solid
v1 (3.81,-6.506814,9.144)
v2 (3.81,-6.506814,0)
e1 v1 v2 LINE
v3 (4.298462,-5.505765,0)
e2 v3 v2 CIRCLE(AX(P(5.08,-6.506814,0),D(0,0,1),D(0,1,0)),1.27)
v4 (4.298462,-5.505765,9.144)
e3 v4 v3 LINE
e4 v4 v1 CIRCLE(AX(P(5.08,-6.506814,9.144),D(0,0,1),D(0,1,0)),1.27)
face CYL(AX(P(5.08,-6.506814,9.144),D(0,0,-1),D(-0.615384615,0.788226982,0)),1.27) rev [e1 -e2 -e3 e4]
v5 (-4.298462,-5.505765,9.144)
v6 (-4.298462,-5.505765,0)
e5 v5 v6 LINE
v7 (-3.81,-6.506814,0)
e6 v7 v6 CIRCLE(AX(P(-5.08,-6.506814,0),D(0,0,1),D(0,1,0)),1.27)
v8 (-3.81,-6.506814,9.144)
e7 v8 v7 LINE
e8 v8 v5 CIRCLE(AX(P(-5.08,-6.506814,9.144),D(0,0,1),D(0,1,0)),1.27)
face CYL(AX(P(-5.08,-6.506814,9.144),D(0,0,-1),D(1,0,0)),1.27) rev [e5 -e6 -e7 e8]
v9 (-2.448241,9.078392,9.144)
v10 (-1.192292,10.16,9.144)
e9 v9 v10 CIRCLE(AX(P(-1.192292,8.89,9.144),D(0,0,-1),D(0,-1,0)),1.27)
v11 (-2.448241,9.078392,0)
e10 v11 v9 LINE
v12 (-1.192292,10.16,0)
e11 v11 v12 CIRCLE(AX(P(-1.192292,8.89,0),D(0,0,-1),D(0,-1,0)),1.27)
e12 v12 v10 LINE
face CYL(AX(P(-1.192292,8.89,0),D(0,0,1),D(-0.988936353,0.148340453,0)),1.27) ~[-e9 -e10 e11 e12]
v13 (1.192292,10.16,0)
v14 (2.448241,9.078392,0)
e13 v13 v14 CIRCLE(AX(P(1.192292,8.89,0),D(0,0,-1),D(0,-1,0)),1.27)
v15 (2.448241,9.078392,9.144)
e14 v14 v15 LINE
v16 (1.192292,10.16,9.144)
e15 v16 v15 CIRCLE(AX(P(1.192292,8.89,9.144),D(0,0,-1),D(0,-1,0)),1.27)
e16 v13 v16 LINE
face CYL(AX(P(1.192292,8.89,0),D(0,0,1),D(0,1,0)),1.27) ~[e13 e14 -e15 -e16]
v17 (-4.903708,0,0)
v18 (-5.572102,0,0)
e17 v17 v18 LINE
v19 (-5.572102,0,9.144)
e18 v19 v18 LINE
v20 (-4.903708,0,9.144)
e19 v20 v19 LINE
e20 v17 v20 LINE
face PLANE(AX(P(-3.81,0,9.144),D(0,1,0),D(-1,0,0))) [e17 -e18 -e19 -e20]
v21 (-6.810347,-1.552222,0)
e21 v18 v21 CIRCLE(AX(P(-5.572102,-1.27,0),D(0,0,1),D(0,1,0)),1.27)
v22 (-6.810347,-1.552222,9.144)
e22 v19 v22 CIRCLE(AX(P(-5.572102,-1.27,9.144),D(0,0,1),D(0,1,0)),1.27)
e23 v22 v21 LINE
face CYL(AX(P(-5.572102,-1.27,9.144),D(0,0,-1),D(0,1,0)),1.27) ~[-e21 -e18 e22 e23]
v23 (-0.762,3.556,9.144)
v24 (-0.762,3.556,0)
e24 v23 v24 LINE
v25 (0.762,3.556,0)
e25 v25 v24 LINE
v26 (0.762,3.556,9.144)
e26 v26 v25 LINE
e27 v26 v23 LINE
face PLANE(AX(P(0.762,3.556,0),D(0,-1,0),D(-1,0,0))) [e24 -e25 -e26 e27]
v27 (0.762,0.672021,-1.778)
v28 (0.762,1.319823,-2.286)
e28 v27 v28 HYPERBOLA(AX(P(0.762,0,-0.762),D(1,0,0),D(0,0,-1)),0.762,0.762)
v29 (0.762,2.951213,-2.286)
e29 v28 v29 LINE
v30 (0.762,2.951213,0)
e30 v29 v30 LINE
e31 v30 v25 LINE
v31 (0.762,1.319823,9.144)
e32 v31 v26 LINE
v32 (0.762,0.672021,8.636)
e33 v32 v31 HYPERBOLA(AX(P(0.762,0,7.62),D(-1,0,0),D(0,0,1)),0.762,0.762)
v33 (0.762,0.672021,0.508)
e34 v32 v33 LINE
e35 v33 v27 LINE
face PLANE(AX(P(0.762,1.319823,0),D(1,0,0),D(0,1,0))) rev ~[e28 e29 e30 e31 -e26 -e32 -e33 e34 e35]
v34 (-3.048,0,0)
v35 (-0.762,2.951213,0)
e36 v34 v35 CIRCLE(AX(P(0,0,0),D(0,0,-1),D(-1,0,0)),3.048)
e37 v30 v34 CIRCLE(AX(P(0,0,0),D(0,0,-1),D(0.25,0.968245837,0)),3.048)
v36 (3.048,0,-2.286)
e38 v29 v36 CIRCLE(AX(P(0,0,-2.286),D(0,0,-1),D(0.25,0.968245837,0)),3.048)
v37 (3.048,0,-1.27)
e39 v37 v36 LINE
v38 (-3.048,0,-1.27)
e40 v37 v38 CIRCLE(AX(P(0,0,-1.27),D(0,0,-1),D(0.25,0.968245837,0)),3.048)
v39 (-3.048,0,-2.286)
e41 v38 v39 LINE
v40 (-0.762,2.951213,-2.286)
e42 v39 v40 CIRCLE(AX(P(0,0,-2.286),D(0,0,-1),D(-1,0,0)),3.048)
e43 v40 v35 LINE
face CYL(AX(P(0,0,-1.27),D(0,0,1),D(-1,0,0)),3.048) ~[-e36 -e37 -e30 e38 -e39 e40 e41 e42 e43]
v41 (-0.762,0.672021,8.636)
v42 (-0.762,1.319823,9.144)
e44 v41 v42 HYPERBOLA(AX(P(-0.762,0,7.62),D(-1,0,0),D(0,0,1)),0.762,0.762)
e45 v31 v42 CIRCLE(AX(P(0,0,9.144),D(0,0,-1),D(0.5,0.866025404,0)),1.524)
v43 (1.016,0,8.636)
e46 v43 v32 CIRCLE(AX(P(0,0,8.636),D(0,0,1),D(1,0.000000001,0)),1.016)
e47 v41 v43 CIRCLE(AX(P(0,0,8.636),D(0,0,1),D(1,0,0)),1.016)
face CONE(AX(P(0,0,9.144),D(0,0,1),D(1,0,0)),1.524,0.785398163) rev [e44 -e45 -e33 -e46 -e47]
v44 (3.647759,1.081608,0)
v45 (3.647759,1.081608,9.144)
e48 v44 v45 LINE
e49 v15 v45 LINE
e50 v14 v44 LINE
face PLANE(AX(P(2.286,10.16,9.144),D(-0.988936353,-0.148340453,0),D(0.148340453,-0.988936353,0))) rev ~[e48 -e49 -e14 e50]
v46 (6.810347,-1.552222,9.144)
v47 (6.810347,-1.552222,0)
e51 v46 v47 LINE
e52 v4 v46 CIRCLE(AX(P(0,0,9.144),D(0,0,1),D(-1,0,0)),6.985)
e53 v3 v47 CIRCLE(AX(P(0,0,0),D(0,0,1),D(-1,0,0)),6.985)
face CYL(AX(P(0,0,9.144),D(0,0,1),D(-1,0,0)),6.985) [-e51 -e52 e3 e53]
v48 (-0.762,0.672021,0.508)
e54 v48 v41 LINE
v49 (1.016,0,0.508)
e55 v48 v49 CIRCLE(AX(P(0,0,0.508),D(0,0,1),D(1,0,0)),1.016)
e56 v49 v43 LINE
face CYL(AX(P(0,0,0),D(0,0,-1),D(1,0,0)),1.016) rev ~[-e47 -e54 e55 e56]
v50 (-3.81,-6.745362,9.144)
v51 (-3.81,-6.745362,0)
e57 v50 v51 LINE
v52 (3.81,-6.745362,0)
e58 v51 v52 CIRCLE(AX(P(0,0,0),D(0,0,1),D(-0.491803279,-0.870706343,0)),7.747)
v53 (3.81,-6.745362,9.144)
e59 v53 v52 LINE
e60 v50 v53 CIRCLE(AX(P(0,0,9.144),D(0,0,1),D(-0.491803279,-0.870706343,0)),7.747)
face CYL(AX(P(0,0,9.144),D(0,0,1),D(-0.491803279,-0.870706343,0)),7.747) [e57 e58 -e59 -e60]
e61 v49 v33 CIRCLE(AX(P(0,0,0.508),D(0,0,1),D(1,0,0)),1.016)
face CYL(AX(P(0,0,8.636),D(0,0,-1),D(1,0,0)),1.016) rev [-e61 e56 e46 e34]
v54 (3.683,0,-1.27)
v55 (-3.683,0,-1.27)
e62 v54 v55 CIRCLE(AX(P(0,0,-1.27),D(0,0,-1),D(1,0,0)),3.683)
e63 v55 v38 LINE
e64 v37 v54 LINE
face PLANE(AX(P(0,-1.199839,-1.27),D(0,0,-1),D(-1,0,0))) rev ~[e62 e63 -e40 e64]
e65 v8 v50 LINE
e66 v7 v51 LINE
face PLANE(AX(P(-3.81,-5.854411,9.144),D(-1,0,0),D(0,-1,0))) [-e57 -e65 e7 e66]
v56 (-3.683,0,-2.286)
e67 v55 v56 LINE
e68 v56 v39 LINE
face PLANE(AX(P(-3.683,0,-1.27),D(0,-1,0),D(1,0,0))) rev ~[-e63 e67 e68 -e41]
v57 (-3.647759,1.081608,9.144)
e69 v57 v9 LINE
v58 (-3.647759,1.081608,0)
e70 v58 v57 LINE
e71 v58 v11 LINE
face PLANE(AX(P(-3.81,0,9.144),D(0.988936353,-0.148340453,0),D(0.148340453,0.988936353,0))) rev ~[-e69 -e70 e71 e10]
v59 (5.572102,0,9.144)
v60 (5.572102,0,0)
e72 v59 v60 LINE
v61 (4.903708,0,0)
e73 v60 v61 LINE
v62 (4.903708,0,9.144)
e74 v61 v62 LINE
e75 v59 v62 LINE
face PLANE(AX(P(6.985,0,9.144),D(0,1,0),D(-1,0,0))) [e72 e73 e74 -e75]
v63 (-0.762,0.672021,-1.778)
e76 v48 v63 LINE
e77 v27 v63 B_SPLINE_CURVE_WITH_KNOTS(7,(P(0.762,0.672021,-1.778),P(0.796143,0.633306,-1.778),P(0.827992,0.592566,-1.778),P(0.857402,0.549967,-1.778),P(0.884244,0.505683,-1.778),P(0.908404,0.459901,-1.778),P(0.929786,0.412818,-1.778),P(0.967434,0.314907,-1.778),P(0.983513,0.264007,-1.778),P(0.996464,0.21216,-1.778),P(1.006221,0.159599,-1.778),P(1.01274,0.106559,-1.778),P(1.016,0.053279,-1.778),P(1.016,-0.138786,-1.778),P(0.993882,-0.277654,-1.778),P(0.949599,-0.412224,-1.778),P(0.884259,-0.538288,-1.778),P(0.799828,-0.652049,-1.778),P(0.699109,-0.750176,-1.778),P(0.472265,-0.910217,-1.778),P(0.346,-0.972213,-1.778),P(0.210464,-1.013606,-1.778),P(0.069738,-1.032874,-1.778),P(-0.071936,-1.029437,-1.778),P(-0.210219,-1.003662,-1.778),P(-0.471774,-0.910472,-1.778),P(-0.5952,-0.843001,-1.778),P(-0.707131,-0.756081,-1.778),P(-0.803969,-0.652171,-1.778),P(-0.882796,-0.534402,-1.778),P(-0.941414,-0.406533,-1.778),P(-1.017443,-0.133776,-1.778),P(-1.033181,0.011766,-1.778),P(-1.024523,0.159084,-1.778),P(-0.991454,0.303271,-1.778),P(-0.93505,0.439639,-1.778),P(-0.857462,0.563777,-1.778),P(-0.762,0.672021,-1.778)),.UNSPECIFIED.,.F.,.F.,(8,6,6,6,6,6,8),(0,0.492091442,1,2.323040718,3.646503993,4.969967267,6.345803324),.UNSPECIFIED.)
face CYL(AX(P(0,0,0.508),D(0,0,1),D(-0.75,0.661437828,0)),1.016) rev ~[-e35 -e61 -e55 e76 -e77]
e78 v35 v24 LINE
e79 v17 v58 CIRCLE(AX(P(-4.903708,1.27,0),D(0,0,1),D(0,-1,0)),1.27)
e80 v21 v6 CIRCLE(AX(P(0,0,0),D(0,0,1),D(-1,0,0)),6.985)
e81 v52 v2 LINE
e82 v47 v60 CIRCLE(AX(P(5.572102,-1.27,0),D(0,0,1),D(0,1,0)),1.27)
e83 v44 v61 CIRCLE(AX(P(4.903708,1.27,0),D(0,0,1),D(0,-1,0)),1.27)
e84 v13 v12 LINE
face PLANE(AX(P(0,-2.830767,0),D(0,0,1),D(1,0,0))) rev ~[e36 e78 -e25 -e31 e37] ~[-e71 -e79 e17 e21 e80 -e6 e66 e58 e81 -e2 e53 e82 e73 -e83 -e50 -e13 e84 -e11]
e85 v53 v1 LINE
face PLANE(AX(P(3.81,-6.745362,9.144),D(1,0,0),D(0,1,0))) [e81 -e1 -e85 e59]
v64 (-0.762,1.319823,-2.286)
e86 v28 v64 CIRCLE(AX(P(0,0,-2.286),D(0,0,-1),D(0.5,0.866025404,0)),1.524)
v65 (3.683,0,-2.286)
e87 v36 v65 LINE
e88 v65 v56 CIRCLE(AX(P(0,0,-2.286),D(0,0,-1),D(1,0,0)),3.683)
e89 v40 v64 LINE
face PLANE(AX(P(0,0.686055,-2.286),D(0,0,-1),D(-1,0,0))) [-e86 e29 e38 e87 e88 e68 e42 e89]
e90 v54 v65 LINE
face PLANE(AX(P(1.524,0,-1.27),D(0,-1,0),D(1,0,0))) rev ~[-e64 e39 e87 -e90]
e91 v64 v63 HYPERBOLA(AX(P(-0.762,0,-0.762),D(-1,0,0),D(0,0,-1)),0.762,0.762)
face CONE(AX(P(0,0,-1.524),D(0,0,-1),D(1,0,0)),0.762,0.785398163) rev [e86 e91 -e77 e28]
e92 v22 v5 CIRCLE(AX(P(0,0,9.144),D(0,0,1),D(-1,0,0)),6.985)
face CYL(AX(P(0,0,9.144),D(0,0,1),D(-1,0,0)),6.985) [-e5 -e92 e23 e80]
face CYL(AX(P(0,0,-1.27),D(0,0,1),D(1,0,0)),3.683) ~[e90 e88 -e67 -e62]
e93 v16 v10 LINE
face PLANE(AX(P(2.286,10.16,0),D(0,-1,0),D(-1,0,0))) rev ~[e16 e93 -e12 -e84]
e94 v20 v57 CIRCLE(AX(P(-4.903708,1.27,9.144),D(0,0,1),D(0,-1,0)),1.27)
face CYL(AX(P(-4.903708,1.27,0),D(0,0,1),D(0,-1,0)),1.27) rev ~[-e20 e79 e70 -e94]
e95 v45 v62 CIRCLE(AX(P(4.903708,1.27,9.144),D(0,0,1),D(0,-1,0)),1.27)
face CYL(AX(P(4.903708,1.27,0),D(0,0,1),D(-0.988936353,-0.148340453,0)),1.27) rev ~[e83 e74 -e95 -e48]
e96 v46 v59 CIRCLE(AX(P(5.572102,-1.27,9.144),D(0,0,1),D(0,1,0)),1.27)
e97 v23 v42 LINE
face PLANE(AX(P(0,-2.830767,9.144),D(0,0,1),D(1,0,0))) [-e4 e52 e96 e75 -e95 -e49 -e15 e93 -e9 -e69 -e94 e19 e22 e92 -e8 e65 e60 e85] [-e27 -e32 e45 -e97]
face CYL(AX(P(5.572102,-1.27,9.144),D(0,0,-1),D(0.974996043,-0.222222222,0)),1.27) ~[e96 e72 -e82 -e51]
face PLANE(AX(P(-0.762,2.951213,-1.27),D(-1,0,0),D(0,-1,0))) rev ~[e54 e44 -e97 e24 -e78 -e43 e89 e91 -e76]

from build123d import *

# Parameters (mm, degrees)
BOSS_EXTRUDE2_DEPTH  = 9.144
CUT_EXTRUDE1_DEPTH   = 0.508
SKETCH4_W            = 1.524
SKETCH4_H            = 3.556
CUT_EXTRUDE2_DEPTH   = 10.144
BOSS_EXTRUDE8_DEPTH  = 9.144
BOSS_EXTRUDE10_DEPTH = 9.144
FILLET2_R            = 1.27
CUT_EXTRUDE4_DEPTH   = 9.144
FILLET4_R            = 1.27
BOSS_EXTRUDE11_DEPTH = 1.27
BOSS_EXTRUDE12_DEPTH = 1.016
BOSS_EXTRUDE13_START = -0.508
BOSS_EXTRUDE13_DEPTH = 0.508
BOSS_EXTRUDE14_DEPTH = 1.27
BOSS_EXTRUDE15_DEPTH = 1.016


with BuildPart() as part:
    # Sketch2 → Boss-Extrude2 (new body)
    with BuildSketch(Plane.XY):
        with BuildLine():
            ThreePointArc((-3.81, 0), (0, -3.81), (3.81, 0))
            Line((3.81, 0), (3.81, 8.636))
            ThreePointArc((3.81, 8.636), (3.363630735, 9.713630735), (2.286, 10.16))
            Line((2.286, 10.16), (-2.286, 10.16))
            ThreePointArc((-2.286, 10.16), (-3.363630735, 9.713630735), (-3.81, 8.636))
            Line((-3.81, 8.636), (-3.81, 0))
        make_face()
        with BuildLine():
            Line((-0.762, 0), (1.016, 0))
            ThreePointArc((1.016, 0), (-0.359210245, -0.950380976), (-0.762, 0.672020833))
            Line((-0.762, 0.672020833), (-0.762, 0))
        make_face(mode=Mode.SUBTRACT)
    extrude(amount=BOSS_EXTRUDE2_DEPTH)

    # Sketch3 → Cut-Extrude1 (cut)
    with BuildSketch(Plane.XY.offset(9.144)):
        with BuildLine():
            Line((-0.762, 0), (1.016, 0))
            ThreePointArc((1.016, 0), (0.950380976, 0.359210245), (0.762, 0.672020833))
            Line((0.762, 0.672020833), (0.762, 3.556))
            Line((0.762, 3.556), (-0.762, 3.556))
            Line((-0.762, 3.556), (-0.762, 0))
        make_face()
    extrude(amount=-CUT_EXTRUDE1_DEPTH, mode=Mode.SUBTRACT)

    # Sketch4 → Cut-Extrude2 (cut, through all)
    with BuildSketch(Plane(origin=(0, 0, 0), x_dir=(-1, 0, 0), z_dir=(0, 0, -1))):
        with Locations((0, 1.778)):
            Rectangle(SKETCH4_W, SKETCH4_H)
    extrude(amount=-CUT_EXTRUDE2_DEPTH, mode=Mode.SUBTRACT)

    # Sketch7 → Cut-Revolve1 (revolve, cut)
    with BuildSketch(Plane(origin=(0, 0, 0), x_dir=(1, 0, 0), z_dir=(0, 1, 0))):
        Polygon((0, 0), (0, -9.144), (1.524, -9.144), (1.016, -8.636), (1.016, -0.508), (1.524, 0), align=None)
    revolve(axis=Axis((0, 0, 0), (0, 0, 1)), mode=Mode.SUBTRACT)

    # Sketch10 → Boss-Extrude8 (add)
    with BuildSketch(Plane.XY.offset(9.144)):
        with BuildLine():
            Line((-3.81, 0), (-6.985, 0))
            ThreePointArc((-6.985, 0), (0, -6.985), (6.985, 0))
            Line((6.985, 0), (3.81, 0))
            ThreePointArc((3.81, 0), (0, -3.81), (-3.81, 0))
        make_face()
    extrude(amount=-BOSS_EXTRUDE8_DEPTH)

    # Sketch14 → Boss-Extrude10 (add)
    with BuildSketch(Plane.XY.offset(9.144)):
        with BuildLine():
            ThreePointArc((3.81, -5.85441073), (0, -6.985), (-3.81, -5.85441073))
            Line((-3.81, -5.85441073), (-3.81, -6.745362036))
            ThreePointArc((-3.81, -6.745362036), (0, -7.747), (3.81, -6.745362036))
            Line((3.81, -6.745362036), (3.81, -5.85441073))
        make_face()
    extrude(amount=-BOSS_EXTRUDE10_DEPTH)

    # Fillet2
    fillet2_edges = [part.edges().sort_by_distance(p)[0] for p in [
        (6.985, 0, 4.572),
        (-6.985, 0, 4.572),
    ]]
    fillet(fillet2_edges, radius=FILLET2_R)

    # Sketch16 → Cut-Extrude4 (cut)
    with BuildSketch(Plane.XY.offset(9.144)):
        with BuildLine():
            Line((-3.81, 0), (-2.286, 10.16))
            ThreePointArc((-2.286, 10.16), (-3.363630735, 9.713630735), (-3.81, 8.636))
            Line((-3.81, 8.636), (-3.81, 0))
        make_face()
        with BuildLine():
            Line((2.286, 10.16), (3.81, 0))
            Line((3.81, 0), (3.81, 8.636))
            ThreePointArc((3.81, 8.636), (3.363630735, 9.713630735), (2.286, 10.16))
        make_face()
    extrude(amount=-CUT_EXTRUDE4_DEPTH, mode=Mode.SUBTRACT)

    # Fillet4
    fillet4_edges = [part.edges().sort_by_distance(p)[0] for p in [
        (-3.81, -5.85441073, 4.572),
        (3.81, -5.85441073, 4.572),
        (-3.81, 0, 4.572),
        (-2.286, 10.16, 4.572),
        (2.286, 10.16, 4.572),
        (3.81, 0, 4.572),
    ]]
    fillet(fillet4_edges, radius=FILLET4_R)

    # Sketch17 → Boss-Extrude11 (add)
    with BuildSketch(Plane(origin=(0, 0, 0), x_dir=(-1, 0, 0), z_dir=(0, 0, -1))):
        with BuildLine():
            Line((0.762, 2.95121331), (0.762, 1.319822715))
            ThreePointArc((0.762, 1.319822715), (0, -1.524), (-0.762, 1.319822715))
            Line((-0.762, 1.319822715), (-0.762, 2.95121331))
            ThreePointArc((-0.762, 2.95121331), (-1.866511184, -2.409655577), (3.048, 0))
            ThreePointArc((3.048, 0), (2.409655577, 1.866511184), (0.762, 2.95121331))
        make_face()
    extrude(amount=BOSS_EXTRUDE11_DEPTH)

    # Sketch18 → Boss-Extrude12 (add)
    with BuildSketch(Plane(origin=(0, 0, -1.27), x_dir=(-1, 0, 0), z_dir=(0, 0, -1))):
        with BuildLine():
            Line((-1.524, 0), (-3.048, 0))
            ThreePointArc((-3.048, 0), (0, -3.048), (3.048, 0))
            Line((3.048, 0), (1.524, 0))
            ThreePointArc((1.524, 0), (0, -1.524), (-1.524, 0))
        make_face()
        with BuildLine():
            Line((-3.048, 0), (-3.683, 0))
            ThreePointArc((-3.683, 0), (0, -3.683), (3.683, 0))
            Line((3.683, 0), (3.048, 0))
            ThreePointArc((3.048, 0), (0, -3.048), (-3.048, 0))
        make_face()
    extrude(amount=BOSS_EXTRUDE12_DEPTH)

    # Sketch20 → Boss-Extrude13 (add)
    with BuildSketch(Plane(origin=(0, 0, 0), x_dir=(-1, 0, 0), z_dir=(0, 0, -1)).offset(BOSS_EXTRUDE13_START)):
        with BuildLine():
            Line((0.762, 1.319822715), (0.762, 0.672020833))
            ThreePointArc((0.762, 0.672020833), (0, -1.016), (-0.762, 0.672020833))
            Line((-0.762, 0.672020833), (-0.762, 1.319822715))
            ThreePointArc((-0.762, 1.319822715), (0, -1.524), (0.762, 1.319822715))
        make_face()
    extrude(amount=BOSS_EXTRUDE13_DEPTH)

    # Sketch21 → Boss-Extrude14 (add)
    with BuildSketch(Plane(origin=(0, 0, 0), x_dir=(-1, 0, 0), z_dir=(0, 0, -1))):
        with BuildLine():
            Line((0.762, 1.319822715), (0.762, 0.672020833))
            ThreePointArc((0.762, 0.672020833), (0, -1.016), (-0.762, 0.672020833))
            Line((-0.762, 0.672020833), (-0.762, 1.319822715))
            ThreePointArc((-0.762, 1.319822715), (0, -1.524), (0.762, 1.319822715))
        make_face()
    extrude(amount=BOSS_EXTRUDE14_DEPTH)

    # Sketch22 → Boss-Extrude15 (add)
    with BuildSketch(Plane(origin=(0, 0, -1.27), x_dir=(-1, 0, 0), z_dir=(0, 0, -1))):
        with BuildLine():
            Line((0.762, 2.95121331), (0.762, 0.672020833))
            ThreePointArc((0.762, 0.672020833), (0, -1.016), (-0.762, 0.672020833))
            Line((-0.762, 0.672020833), (-0.762, 2.95121331))
            ThreePointArc((-0.762, 2.95121331), (-2.409655577, 1.866511184), (-3.048, 0))
            Line((-3.048, 0), (-1.524, 0))
            ThreePointArc((-1.524, 0), (0, -1.524), (1.524, 0))
            Line((1.524, 0), (3.048, 0))
            ThreePointArc((3.048, 0), (2.409655577, 1.866511184), (0.762, 2.95121331))
        make_face()
    extrude(amount=BOSS_EXTRUDE15_DEPTH)

    # Sketch23 → Cut-Revolve2 (revolve, cut)
    with BuildSketch(Plane(origin=(0, 0, 0), x_dir=(1, 0, 0), z_dir=(0, 1, 0))):
        Polygon((0, 2.286), (0, 0), (0.762, 0), (0.762, 1.524), (1.524, 2.286), align=None)
    revolve(axis=Axis((0, 0, -2.286), (0, 0, 1)), mode=Mode.SUBTRACT)


solid = part.part
